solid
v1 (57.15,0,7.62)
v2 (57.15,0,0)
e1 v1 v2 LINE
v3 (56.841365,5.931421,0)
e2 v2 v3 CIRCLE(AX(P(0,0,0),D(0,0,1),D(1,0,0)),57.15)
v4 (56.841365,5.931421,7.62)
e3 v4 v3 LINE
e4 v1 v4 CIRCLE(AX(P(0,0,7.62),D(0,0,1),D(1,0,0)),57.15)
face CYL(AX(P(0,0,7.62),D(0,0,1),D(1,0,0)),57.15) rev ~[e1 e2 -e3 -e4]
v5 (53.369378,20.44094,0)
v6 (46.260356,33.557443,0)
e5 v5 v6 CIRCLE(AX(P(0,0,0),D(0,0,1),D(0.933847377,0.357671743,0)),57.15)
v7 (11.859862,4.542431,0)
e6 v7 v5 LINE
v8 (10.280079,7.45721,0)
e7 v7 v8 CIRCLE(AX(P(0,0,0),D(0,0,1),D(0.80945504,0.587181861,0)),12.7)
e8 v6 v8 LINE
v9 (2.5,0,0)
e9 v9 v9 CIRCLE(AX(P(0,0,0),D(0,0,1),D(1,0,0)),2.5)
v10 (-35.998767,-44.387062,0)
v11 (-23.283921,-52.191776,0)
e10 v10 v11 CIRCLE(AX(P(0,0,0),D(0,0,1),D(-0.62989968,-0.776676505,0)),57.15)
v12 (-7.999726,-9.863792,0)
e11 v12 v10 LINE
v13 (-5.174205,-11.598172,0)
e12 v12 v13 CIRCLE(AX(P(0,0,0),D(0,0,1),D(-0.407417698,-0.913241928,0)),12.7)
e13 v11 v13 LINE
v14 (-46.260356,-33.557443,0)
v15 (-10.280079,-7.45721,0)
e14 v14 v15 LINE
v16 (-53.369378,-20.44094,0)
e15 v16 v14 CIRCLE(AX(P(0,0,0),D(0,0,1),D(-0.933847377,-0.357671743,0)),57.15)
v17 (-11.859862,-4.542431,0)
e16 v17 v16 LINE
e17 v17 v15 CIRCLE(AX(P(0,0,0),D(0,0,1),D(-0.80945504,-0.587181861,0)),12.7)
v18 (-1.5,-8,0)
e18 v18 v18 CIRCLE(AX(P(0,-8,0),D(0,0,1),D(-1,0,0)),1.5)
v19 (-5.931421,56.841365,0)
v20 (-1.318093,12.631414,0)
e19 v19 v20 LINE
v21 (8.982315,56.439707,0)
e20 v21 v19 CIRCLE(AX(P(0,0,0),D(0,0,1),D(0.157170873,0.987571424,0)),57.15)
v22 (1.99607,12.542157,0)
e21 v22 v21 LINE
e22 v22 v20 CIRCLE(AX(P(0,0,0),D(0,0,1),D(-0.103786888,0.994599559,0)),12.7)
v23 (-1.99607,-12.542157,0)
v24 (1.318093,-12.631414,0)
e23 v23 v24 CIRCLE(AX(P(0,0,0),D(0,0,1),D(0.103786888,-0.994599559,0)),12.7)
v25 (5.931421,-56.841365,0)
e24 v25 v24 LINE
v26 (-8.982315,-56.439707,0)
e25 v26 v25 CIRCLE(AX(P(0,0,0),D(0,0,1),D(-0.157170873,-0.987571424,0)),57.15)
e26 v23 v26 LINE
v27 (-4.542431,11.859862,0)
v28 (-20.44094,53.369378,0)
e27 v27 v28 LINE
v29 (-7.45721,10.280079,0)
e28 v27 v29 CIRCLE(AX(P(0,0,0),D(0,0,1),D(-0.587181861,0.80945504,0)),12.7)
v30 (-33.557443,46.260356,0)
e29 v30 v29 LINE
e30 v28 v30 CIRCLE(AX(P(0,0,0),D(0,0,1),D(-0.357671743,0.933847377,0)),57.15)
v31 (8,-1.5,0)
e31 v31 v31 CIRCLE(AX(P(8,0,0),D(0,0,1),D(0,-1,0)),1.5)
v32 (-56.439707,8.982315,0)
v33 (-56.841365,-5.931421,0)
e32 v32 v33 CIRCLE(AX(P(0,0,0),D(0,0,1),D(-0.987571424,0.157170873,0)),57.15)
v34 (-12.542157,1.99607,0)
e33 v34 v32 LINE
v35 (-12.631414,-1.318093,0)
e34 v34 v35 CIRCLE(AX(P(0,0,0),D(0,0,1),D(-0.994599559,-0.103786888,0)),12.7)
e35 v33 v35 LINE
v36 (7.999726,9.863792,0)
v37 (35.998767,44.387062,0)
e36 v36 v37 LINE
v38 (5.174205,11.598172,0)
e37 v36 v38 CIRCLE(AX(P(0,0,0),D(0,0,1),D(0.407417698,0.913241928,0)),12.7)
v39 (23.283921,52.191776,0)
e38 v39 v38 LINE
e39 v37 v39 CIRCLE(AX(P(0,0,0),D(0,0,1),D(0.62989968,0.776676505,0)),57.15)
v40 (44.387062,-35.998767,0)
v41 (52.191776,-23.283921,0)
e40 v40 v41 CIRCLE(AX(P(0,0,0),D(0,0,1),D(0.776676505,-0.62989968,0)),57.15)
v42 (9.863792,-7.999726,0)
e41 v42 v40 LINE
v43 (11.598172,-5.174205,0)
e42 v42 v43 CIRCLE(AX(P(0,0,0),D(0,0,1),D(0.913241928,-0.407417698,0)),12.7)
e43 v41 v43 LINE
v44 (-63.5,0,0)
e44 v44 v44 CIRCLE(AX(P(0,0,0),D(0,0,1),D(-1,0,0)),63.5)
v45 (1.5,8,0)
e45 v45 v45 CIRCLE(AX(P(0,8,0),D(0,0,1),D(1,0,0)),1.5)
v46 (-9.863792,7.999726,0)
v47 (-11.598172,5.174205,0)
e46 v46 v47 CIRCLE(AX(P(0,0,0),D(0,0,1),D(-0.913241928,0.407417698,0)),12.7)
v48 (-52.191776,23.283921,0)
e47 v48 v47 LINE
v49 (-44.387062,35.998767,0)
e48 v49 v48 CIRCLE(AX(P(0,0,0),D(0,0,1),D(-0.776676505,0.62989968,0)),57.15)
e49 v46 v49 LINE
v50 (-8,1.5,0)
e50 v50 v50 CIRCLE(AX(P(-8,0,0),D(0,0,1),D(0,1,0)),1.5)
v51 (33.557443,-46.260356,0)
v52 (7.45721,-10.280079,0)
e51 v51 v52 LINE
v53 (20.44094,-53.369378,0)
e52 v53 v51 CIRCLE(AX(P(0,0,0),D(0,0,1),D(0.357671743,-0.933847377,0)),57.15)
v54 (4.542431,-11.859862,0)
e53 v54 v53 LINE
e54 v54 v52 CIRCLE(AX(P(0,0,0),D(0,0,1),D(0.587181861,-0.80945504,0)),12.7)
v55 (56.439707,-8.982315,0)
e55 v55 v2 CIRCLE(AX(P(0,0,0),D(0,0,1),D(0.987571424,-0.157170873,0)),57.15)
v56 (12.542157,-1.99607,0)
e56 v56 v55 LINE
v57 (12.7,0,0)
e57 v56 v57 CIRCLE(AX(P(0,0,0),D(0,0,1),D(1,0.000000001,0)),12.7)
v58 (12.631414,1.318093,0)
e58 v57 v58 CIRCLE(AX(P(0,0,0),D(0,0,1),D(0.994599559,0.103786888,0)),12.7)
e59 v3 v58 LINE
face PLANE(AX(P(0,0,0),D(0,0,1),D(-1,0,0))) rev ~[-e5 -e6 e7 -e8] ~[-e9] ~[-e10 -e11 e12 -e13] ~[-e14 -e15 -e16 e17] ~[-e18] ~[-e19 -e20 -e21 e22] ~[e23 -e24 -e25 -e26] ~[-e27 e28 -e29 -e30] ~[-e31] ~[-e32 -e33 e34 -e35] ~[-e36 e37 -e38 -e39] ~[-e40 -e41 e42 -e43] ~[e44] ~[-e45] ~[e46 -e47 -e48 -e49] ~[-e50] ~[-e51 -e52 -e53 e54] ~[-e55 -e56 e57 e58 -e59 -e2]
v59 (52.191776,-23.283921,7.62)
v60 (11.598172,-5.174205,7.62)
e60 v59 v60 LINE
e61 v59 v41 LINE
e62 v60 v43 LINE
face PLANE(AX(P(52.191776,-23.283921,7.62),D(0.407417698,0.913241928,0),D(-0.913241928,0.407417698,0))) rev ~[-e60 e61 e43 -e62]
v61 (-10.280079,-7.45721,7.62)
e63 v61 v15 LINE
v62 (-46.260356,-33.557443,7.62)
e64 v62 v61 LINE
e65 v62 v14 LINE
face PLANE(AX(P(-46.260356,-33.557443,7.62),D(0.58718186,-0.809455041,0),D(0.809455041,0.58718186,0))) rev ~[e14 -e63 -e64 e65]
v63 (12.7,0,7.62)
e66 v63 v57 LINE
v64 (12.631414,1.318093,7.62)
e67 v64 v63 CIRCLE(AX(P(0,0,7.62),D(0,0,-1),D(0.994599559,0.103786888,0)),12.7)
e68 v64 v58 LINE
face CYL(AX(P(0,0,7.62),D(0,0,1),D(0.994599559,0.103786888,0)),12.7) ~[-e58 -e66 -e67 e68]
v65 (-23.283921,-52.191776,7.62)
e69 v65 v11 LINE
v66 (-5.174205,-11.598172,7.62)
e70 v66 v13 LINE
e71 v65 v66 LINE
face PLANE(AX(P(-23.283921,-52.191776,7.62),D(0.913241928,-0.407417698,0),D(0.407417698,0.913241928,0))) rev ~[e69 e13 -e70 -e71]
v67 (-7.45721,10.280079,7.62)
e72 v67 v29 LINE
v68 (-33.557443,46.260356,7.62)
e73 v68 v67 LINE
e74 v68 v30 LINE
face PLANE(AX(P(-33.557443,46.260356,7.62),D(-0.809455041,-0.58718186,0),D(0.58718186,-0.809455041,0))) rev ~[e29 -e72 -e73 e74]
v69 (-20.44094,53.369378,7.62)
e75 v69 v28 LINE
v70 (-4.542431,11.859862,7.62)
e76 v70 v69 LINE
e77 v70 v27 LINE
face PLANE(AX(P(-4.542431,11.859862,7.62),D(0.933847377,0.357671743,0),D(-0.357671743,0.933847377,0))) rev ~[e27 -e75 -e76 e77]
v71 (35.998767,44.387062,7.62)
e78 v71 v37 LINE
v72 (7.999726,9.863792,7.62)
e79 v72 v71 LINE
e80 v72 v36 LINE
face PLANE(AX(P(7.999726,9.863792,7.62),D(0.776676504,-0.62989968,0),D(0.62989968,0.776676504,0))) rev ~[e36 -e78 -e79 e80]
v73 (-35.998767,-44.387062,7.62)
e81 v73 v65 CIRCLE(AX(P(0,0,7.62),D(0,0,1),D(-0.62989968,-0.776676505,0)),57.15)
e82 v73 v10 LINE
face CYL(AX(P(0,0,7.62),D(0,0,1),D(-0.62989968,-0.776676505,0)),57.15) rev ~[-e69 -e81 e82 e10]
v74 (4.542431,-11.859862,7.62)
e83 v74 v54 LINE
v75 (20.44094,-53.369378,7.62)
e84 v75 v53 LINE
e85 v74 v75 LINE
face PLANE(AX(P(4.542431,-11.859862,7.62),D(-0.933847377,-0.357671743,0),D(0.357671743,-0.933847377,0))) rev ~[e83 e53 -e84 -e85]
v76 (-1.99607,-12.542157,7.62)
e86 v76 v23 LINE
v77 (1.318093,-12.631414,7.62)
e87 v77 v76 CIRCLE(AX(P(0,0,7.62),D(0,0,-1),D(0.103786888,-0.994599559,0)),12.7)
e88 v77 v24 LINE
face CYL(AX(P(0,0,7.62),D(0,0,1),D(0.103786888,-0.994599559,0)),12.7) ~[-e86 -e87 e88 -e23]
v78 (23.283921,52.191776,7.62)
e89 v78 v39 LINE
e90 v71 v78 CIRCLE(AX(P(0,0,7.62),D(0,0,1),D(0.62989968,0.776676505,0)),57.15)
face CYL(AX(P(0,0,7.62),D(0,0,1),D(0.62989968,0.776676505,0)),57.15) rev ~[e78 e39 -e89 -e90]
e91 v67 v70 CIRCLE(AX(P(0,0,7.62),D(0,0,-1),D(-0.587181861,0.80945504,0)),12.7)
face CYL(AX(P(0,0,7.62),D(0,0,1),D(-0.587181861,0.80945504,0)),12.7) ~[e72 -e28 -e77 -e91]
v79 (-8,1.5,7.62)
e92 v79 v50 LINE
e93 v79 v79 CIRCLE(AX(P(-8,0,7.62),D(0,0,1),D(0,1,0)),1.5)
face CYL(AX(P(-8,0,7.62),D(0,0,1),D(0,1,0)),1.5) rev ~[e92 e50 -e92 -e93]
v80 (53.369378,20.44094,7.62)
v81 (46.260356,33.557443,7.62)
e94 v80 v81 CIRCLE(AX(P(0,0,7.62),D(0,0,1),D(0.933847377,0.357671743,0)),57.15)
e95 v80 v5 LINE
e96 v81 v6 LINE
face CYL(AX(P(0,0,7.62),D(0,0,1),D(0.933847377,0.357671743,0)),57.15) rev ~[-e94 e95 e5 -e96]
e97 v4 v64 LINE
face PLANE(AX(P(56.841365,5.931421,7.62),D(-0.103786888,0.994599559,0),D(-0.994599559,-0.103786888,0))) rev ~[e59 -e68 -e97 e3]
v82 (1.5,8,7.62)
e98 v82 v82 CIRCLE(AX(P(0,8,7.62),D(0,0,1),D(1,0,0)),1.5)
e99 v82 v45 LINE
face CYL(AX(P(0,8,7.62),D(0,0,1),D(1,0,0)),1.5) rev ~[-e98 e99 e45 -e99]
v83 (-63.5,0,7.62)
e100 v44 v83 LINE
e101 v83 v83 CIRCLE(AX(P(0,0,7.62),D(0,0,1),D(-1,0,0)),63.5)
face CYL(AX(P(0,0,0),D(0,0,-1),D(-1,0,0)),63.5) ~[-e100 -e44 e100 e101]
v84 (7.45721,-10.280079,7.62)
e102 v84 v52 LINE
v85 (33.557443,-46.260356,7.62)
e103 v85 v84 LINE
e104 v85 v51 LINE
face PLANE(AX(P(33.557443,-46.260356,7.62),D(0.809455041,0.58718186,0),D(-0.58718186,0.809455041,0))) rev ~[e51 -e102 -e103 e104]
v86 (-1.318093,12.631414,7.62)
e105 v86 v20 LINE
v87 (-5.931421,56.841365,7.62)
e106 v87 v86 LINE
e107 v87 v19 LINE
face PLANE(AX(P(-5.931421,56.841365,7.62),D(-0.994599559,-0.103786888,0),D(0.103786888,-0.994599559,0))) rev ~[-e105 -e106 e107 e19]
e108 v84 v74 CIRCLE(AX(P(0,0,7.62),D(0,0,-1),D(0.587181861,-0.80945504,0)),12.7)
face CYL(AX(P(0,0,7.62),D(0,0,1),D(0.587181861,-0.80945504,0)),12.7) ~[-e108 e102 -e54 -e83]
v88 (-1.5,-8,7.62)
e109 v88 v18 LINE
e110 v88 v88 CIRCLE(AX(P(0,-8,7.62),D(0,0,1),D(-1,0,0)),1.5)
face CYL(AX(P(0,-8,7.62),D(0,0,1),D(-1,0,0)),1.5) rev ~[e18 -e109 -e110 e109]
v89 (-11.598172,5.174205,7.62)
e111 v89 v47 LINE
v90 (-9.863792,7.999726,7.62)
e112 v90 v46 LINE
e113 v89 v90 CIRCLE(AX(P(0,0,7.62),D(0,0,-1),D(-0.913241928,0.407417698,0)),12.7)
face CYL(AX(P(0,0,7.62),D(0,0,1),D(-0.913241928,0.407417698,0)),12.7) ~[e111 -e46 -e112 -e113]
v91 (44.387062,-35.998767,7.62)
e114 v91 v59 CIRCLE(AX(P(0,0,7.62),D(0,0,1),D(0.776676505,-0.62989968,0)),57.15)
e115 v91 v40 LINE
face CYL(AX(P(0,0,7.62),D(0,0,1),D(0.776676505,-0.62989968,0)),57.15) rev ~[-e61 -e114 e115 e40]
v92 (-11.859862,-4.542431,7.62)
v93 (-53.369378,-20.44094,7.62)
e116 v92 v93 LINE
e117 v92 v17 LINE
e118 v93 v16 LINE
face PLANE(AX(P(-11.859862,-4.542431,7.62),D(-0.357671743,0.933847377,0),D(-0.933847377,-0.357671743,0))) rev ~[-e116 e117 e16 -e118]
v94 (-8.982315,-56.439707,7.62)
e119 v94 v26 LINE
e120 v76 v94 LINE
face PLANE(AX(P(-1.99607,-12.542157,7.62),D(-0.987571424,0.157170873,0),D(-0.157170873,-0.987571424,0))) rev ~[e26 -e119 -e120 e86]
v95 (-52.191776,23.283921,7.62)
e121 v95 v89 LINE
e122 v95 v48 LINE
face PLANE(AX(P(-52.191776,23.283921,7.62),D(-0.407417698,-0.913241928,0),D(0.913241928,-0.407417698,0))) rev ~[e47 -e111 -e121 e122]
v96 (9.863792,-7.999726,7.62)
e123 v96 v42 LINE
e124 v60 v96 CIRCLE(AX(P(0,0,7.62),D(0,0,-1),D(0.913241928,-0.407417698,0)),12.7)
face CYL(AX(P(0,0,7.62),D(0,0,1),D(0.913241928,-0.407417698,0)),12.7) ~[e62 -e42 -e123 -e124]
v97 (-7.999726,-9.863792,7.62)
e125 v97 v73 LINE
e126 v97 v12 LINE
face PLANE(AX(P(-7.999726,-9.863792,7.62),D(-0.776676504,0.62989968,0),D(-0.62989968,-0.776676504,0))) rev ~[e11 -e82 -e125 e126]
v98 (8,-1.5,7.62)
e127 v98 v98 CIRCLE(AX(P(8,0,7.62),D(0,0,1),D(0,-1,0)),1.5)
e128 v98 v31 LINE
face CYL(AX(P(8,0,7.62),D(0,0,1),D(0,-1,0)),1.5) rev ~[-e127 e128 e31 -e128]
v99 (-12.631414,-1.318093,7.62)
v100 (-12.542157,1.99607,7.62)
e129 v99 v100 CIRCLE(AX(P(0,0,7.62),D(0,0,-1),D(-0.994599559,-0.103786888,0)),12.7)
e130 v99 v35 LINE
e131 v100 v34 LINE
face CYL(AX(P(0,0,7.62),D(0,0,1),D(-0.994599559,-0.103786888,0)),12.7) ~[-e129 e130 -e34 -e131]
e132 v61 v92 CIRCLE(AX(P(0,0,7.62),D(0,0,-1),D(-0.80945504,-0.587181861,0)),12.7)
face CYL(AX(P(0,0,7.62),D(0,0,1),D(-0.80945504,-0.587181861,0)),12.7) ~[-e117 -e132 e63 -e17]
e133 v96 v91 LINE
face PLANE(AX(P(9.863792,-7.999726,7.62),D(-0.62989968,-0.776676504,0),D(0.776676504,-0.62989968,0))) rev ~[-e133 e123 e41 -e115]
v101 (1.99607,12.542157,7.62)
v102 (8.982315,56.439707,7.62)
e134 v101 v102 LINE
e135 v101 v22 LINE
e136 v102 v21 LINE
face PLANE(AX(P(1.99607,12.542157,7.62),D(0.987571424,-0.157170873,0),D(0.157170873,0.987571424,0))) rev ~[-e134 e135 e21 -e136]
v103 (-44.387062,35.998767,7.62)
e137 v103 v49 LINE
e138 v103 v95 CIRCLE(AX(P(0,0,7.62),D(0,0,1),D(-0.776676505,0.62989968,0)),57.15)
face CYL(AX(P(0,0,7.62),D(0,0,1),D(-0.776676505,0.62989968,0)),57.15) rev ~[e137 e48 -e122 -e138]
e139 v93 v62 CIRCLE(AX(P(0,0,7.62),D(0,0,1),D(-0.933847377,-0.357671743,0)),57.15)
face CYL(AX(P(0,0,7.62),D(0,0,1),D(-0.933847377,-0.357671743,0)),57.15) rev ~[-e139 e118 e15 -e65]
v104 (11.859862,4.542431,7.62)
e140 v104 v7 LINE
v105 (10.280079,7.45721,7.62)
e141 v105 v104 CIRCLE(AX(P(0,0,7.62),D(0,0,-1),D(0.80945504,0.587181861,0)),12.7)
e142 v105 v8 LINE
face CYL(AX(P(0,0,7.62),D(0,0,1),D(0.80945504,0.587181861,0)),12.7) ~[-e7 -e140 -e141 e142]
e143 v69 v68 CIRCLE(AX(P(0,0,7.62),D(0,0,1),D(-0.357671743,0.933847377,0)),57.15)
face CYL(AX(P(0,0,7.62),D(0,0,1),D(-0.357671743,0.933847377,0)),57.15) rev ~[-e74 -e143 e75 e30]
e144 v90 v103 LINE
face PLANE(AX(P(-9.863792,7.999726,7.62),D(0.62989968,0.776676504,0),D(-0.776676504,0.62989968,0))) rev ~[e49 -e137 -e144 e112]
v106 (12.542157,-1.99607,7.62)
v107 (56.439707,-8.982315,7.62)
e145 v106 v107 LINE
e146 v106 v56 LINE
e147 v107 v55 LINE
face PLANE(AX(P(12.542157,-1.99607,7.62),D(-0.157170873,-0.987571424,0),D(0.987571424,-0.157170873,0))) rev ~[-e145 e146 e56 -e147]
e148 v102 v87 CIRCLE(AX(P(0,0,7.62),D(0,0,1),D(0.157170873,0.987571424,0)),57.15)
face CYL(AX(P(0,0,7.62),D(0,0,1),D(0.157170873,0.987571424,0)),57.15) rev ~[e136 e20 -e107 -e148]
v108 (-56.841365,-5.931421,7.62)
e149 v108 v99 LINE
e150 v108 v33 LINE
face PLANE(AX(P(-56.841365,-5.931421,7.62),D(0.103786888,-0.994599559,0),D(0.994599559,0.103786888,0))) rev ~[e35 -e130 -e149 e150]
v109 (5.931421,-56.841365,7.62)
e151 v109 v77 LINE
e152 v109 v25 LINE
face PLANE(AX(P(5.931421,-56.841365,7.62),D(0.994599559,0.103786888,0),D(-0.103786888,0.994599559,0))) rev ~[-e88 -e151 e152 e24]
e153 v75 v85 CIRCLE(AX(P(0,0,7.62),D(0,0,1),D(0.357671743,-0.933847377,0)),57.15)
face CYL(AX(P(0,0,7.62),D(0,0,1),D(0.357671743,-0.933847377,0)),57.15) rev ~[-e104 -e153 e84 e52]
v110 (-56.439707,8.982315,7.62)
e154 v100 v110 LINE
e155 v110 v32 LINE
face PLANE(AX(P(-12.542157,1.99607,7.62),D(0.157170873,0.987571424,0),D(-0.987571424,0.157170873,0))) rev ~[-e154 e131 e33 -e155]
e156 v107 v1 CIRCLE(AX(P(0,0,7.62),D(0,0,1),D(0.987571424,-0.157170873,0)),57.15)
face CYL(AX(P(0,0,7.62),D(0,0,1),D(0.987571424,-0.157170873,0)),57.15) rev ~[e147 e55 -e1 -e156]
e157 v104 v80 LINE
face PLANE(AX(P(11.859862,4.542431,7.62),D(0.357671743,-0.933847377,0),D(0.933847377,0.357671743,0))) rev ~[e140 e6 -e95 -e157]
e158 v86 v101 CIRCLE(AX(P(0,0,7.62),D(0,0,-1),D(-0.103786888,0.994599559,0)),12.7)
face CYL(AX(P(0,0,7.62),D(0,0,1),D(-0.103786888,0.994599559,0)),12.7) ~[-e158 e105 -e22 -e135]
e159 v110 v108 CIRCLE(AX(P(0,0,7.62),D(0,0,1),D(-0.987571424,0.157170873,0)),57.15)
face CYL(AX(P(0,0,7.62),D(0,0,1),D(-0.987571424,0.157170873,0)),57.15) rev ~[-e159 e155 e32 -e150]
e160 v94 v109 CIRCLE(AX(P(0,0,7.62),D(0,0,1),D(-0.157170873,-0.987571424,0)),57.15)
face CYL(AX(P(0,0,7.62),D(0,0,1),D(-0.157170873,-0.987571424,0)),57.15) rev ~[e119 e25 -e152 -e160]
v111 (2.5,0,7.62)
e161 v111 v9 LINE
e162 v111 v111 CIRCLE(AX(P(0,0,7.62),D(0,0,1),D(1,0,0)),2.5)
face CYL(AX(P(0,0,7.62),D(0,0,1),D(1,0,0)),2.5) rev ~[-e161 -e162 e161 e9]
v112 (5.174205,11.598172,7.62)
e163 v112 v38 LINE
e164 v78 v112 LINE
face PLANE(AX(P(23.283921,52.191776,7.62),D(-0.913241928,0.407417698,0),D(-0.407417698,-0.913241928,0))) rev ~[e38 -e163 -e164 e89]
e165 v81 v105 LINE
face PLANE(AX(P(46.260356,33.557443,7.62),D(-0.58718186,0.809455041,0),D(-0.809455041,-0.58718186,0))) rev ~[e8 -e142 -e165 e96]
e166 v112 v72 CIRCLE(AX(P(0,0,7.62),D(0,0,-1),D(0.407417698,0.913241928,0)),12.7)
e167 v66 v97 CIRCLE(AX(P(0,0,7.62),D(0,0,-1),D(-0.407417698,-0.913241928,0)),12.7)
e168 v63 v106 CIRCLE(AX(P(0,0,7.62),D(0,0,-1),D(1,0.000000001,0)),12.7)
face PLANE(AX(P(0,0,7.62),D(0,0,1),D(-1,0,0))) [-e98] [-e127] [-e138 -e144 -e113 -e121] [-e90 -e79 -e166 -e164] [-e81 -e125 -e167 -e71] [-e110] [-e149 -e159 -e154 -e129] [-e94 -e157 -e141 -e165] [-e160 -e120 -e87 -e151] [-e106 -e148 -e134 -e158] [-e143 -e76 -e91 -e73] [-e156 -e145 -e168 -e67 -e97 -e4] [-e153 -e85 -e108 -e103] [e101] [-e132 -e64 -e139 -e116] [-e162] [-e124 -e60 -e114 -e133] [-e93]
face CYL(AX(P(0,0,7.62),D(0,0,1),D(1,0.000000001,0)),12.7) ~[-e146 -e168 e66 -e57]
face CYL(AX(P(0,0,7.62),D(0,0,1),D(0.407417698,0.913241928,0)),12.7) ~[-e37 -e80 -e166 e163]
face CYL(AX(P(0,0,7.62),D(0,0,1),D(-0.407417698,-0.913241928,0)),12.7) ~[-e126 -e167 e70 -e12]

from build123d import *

# Parameters (mm, degrees)
SKETCH2_R           = 63.5
BOSS_EXTRUDE1_DEPTH = 7.62
CUT_EXTRUDE3_DEPTH  = 91.125270596
SKETCH6_R           = 1.5
CUT_EXTRUDE6_DEPTH  = 91.125270596
CIRPATTERN1_COUNT   = 4
SKETCH7_R           = 2.5
CUT_EXTRUDE5_DEPTH  = 91.125270596


with BuildPart() as part:
    # Sketch2 → Boss-Extrude1 (new body)
    with BuildSketch(Plane.XY):
        with Locations(Location((0, 0, 0), (0, 0, 180))):
            Circle(SKETCH2_R)
    extrude(amount=BOSS_EXTRUDE1_DEPTH)

    # Sketch5 → Cut-Extrude3 (cut, through all)
    with BuildSketch(Plane.XY.offset(7.62)):
        with BuildLine():
            ThreePointArc((-1.318093472, 12.631414394), (0.341913424, 12.695396615), (1.996070086, 12.54215708))
            Line((1.996070086, 12.54215708), (8.982315386, 56.439706859))
            ThreePointArc((8.982315386, 56.439706859), (1.538610407, 57.129284767), (-5.931420623, 56.841364774))
            Line((-5.931420623, 56.841364774), (-1.318093472, 12.631414394))
        make_face()
        with BuildLine():
            Line((23.283921447, 52.191776192), (5.174204766, 11.598172487))
            ThreePointArc((5.174204766, 11.598172487), (6.643804018, 10.823579268), (7.999725942, 9.863791606))
            Line((7.999725942, 9.863791606), (35.998766739, 44.387062229))
            ThreePointArc((35.998766739, 44.387062229), (29.897118082, 48.706106705), (23.283921447, 52.191776192))
        make_face()
        with BuildLine():
            ThreePointArc((10.280079015, 7.457209628), (11.165492692, 6.051592597), (11.859861692, 4.542431138))
            Line((11.859861692, 4.542431138), (53.369377615, 20.44094012))
            ThreePointArc((53.369377615, 20.44094012), (50.244717112, 27.232166685), (46.260355568, 33.557443327))
            Line((46.260355568, 33.557443327), (10.280079015, 7.457209628))
        make_face()
        with BuildLine():
            ThreePointArc((12.7, 0), (12.660477774, -1.00115061), (12.54215708, -1.996070086))
            Line((12.54215708, -1.996070086), (56.439706859, -8.982315386))
            ThreePointArc((56.439706859, -8.982315386), (56.972149981, -4.505177745), (57.15, 0))
            ThreePointArc((57.15, 0), (57.072789037, 2.969722475), (56.841364774, 5.931420623))
            Line((56.841364774, 5.931420623), (12.631414394, 1.318093472))
            ThreePointArc((12.631414394, 1.318093472), (12.682842008, 0.659938328), (12.7, 0))
        make_face()
        with BuildLine():
            ThreePointArc((11.598172487, -5.174204766), (10.823579268, -6.643804018), (9.863791606, -7.999725942))
            Line((9.863791606, -7.999725942), (44.387062229, -35.998766739))
            ThreePointArc((44.387062229, -35.998766739), (48.706106705, -29.897118082), (52.191776192, -23.283921447))
            Line((52.191776192, -23.283921447), (11.598172487, -5.174204766))
        make_face()
        with BuildLine():
            ThreePointArc((7.457209628, -10.280079015), (6.051592597, -11.165492692), (4.542431138, -11.859861692))
            Line((4.542431138, -11.859861692), (20.44094012, -53.369377615))
            ThreePointArc((20.44094012, -53.369377615), (27.232166685, -50.244717112), (33.557443327, -46.260355568))
            Line((33.557443327, -46.260355568), (7.457209628, -10.280079015))
        make_face()
        with BuildLine():
            ThreePointArc((1.318093472, -12.631414394), (-0.341913424, -12.695396615), (-1.996070086, -12.54215708))
            Line((-1.996070086, -12.54215708), (-8.982315386, -56.439706859))
            ThreePointArc((-8.982315386, -56.439706859), (-1.538610407, -57.129284767), (5.931420623, -56.841364774))
            Line((5.931420623, -56.841364774), (1.318093472, -12.631414394))
        make_face()
        with BuildLine():
            ThreePointArc((-5.174204766, -11.598172487), (-6.643804018, -10.823579268), (-7.999725942, -9.863791606))
            Line((-7.999725942, -9.863791606), (-35.998766739, -44.387062229))
            ThreePointArc((-35.998766739, -44.387062229), (-29.897118082, -48.706106705), (-23.283921447, -52.191776192))
            Line((-23.283921447, -52.191776192), (-5.174204766, -11.598172487))
        make_face()
        with BuildLine():
            ThreePointArc((-10.280079015, -7.457209628), (-11.165492692, -6.051592597), (-11.859861692, -4.542431138))
            Line((-11.859861692, -4.542431138), (-53.369377615, -20.44094012))
            ThreePointArc((-53.369377615, -20.44094012), (-50.244717112, -27.232166685), (-46.260355568, -33.557443327))
            Line((-46.260355568, -33.557443327), (-10.280079015, -7.457209628))
        make_face()
        with BuildLine():
            ThreePointArc((-12.631414394, -1.318093472), (-12.695396615, 0.341913424), (-12.54215708, 1.996070086))
            Line((-12.54215708, 1.996070086), (-56.439706859, 8.982315386))
            ThreePointArc((-56.439706859, 8.982315386), (-57.129284767, 1.538610407), (-56.841364774, -5.931420623))
            Line((-56.841364774, -5.931420623), (-12.631414394, -1.318093472))
        make_face()
        with BuildLine():
            ThreePointArc((-11.598172487, 5.174204766), (-10.823579268, 6.643804018), (-9.863791606, 7.999725942))
            Line((-9.863791606, 7.999725942), (-44.387062229, 35.998766739))
            ThreePointArc((-44.387062229, 35.998766739), (-48.706106705, 29.897118082), (-52.191776192, 23.283921447))
            Line((-52.191776192, 23.283921447), (-11.598172487, 5.174204766))
        make_face()
        with BuildLine():
            ThreePointArc((-7.457209628, 10.280079015), (-6.051592597, 11.165492692), (-4.542431138, 11.859861692))
            Line((-4.542431138, 11.859861692), (-20.44094012, 53.369377615))
            ThreePointArc((-20.44094012, 53.369377615), (-27.232166685, 50.244717112), (-33.557443327, 46.260355568))
            Line((-33.557443327, 46.260355568), (-7.457209628, 10.280079015))
        make_face()
    extrude(amount=-CUT_EXTRUDE3_DEPTH, mode=Mode.SUBTRACT)

    # Sketch6 → Cut-Extrude6 (cut, through all)
    with BuildSketch(Plane.XY.offset(7.62)):
        with Locations((0, 8)):
            Circle(SKETCH6_R)
    cut_extrude6 = extrude(amount=-CUT_EXTRUDE6_DEPTH, mode=Mode.SUBTRACT)

    # CirPattern1: Cut-Extrude6 ×4 about axis
    cirpattern1_axis = Axis((0, 0, 0), (0, 0, 1))
    for i in range(1, CIRPATTERN1_COUNT):
        add(cut_extrude6.rotate(cirpattern1_axis, i * 360 / CIRPATTERN1_COUNT), mode=Mode.SUBTRACT)

    # Sketch7 → Cut-Extrude5 (cut, through all)
    with BuildSketch(Plane.XY.offset(7.62)):
        Circle(SKETCH7_R)
    extrude(amount=-CUT_EXTRUDE5_DEPTH, mode=Mode.SUBTRACT)


solid = part.part
